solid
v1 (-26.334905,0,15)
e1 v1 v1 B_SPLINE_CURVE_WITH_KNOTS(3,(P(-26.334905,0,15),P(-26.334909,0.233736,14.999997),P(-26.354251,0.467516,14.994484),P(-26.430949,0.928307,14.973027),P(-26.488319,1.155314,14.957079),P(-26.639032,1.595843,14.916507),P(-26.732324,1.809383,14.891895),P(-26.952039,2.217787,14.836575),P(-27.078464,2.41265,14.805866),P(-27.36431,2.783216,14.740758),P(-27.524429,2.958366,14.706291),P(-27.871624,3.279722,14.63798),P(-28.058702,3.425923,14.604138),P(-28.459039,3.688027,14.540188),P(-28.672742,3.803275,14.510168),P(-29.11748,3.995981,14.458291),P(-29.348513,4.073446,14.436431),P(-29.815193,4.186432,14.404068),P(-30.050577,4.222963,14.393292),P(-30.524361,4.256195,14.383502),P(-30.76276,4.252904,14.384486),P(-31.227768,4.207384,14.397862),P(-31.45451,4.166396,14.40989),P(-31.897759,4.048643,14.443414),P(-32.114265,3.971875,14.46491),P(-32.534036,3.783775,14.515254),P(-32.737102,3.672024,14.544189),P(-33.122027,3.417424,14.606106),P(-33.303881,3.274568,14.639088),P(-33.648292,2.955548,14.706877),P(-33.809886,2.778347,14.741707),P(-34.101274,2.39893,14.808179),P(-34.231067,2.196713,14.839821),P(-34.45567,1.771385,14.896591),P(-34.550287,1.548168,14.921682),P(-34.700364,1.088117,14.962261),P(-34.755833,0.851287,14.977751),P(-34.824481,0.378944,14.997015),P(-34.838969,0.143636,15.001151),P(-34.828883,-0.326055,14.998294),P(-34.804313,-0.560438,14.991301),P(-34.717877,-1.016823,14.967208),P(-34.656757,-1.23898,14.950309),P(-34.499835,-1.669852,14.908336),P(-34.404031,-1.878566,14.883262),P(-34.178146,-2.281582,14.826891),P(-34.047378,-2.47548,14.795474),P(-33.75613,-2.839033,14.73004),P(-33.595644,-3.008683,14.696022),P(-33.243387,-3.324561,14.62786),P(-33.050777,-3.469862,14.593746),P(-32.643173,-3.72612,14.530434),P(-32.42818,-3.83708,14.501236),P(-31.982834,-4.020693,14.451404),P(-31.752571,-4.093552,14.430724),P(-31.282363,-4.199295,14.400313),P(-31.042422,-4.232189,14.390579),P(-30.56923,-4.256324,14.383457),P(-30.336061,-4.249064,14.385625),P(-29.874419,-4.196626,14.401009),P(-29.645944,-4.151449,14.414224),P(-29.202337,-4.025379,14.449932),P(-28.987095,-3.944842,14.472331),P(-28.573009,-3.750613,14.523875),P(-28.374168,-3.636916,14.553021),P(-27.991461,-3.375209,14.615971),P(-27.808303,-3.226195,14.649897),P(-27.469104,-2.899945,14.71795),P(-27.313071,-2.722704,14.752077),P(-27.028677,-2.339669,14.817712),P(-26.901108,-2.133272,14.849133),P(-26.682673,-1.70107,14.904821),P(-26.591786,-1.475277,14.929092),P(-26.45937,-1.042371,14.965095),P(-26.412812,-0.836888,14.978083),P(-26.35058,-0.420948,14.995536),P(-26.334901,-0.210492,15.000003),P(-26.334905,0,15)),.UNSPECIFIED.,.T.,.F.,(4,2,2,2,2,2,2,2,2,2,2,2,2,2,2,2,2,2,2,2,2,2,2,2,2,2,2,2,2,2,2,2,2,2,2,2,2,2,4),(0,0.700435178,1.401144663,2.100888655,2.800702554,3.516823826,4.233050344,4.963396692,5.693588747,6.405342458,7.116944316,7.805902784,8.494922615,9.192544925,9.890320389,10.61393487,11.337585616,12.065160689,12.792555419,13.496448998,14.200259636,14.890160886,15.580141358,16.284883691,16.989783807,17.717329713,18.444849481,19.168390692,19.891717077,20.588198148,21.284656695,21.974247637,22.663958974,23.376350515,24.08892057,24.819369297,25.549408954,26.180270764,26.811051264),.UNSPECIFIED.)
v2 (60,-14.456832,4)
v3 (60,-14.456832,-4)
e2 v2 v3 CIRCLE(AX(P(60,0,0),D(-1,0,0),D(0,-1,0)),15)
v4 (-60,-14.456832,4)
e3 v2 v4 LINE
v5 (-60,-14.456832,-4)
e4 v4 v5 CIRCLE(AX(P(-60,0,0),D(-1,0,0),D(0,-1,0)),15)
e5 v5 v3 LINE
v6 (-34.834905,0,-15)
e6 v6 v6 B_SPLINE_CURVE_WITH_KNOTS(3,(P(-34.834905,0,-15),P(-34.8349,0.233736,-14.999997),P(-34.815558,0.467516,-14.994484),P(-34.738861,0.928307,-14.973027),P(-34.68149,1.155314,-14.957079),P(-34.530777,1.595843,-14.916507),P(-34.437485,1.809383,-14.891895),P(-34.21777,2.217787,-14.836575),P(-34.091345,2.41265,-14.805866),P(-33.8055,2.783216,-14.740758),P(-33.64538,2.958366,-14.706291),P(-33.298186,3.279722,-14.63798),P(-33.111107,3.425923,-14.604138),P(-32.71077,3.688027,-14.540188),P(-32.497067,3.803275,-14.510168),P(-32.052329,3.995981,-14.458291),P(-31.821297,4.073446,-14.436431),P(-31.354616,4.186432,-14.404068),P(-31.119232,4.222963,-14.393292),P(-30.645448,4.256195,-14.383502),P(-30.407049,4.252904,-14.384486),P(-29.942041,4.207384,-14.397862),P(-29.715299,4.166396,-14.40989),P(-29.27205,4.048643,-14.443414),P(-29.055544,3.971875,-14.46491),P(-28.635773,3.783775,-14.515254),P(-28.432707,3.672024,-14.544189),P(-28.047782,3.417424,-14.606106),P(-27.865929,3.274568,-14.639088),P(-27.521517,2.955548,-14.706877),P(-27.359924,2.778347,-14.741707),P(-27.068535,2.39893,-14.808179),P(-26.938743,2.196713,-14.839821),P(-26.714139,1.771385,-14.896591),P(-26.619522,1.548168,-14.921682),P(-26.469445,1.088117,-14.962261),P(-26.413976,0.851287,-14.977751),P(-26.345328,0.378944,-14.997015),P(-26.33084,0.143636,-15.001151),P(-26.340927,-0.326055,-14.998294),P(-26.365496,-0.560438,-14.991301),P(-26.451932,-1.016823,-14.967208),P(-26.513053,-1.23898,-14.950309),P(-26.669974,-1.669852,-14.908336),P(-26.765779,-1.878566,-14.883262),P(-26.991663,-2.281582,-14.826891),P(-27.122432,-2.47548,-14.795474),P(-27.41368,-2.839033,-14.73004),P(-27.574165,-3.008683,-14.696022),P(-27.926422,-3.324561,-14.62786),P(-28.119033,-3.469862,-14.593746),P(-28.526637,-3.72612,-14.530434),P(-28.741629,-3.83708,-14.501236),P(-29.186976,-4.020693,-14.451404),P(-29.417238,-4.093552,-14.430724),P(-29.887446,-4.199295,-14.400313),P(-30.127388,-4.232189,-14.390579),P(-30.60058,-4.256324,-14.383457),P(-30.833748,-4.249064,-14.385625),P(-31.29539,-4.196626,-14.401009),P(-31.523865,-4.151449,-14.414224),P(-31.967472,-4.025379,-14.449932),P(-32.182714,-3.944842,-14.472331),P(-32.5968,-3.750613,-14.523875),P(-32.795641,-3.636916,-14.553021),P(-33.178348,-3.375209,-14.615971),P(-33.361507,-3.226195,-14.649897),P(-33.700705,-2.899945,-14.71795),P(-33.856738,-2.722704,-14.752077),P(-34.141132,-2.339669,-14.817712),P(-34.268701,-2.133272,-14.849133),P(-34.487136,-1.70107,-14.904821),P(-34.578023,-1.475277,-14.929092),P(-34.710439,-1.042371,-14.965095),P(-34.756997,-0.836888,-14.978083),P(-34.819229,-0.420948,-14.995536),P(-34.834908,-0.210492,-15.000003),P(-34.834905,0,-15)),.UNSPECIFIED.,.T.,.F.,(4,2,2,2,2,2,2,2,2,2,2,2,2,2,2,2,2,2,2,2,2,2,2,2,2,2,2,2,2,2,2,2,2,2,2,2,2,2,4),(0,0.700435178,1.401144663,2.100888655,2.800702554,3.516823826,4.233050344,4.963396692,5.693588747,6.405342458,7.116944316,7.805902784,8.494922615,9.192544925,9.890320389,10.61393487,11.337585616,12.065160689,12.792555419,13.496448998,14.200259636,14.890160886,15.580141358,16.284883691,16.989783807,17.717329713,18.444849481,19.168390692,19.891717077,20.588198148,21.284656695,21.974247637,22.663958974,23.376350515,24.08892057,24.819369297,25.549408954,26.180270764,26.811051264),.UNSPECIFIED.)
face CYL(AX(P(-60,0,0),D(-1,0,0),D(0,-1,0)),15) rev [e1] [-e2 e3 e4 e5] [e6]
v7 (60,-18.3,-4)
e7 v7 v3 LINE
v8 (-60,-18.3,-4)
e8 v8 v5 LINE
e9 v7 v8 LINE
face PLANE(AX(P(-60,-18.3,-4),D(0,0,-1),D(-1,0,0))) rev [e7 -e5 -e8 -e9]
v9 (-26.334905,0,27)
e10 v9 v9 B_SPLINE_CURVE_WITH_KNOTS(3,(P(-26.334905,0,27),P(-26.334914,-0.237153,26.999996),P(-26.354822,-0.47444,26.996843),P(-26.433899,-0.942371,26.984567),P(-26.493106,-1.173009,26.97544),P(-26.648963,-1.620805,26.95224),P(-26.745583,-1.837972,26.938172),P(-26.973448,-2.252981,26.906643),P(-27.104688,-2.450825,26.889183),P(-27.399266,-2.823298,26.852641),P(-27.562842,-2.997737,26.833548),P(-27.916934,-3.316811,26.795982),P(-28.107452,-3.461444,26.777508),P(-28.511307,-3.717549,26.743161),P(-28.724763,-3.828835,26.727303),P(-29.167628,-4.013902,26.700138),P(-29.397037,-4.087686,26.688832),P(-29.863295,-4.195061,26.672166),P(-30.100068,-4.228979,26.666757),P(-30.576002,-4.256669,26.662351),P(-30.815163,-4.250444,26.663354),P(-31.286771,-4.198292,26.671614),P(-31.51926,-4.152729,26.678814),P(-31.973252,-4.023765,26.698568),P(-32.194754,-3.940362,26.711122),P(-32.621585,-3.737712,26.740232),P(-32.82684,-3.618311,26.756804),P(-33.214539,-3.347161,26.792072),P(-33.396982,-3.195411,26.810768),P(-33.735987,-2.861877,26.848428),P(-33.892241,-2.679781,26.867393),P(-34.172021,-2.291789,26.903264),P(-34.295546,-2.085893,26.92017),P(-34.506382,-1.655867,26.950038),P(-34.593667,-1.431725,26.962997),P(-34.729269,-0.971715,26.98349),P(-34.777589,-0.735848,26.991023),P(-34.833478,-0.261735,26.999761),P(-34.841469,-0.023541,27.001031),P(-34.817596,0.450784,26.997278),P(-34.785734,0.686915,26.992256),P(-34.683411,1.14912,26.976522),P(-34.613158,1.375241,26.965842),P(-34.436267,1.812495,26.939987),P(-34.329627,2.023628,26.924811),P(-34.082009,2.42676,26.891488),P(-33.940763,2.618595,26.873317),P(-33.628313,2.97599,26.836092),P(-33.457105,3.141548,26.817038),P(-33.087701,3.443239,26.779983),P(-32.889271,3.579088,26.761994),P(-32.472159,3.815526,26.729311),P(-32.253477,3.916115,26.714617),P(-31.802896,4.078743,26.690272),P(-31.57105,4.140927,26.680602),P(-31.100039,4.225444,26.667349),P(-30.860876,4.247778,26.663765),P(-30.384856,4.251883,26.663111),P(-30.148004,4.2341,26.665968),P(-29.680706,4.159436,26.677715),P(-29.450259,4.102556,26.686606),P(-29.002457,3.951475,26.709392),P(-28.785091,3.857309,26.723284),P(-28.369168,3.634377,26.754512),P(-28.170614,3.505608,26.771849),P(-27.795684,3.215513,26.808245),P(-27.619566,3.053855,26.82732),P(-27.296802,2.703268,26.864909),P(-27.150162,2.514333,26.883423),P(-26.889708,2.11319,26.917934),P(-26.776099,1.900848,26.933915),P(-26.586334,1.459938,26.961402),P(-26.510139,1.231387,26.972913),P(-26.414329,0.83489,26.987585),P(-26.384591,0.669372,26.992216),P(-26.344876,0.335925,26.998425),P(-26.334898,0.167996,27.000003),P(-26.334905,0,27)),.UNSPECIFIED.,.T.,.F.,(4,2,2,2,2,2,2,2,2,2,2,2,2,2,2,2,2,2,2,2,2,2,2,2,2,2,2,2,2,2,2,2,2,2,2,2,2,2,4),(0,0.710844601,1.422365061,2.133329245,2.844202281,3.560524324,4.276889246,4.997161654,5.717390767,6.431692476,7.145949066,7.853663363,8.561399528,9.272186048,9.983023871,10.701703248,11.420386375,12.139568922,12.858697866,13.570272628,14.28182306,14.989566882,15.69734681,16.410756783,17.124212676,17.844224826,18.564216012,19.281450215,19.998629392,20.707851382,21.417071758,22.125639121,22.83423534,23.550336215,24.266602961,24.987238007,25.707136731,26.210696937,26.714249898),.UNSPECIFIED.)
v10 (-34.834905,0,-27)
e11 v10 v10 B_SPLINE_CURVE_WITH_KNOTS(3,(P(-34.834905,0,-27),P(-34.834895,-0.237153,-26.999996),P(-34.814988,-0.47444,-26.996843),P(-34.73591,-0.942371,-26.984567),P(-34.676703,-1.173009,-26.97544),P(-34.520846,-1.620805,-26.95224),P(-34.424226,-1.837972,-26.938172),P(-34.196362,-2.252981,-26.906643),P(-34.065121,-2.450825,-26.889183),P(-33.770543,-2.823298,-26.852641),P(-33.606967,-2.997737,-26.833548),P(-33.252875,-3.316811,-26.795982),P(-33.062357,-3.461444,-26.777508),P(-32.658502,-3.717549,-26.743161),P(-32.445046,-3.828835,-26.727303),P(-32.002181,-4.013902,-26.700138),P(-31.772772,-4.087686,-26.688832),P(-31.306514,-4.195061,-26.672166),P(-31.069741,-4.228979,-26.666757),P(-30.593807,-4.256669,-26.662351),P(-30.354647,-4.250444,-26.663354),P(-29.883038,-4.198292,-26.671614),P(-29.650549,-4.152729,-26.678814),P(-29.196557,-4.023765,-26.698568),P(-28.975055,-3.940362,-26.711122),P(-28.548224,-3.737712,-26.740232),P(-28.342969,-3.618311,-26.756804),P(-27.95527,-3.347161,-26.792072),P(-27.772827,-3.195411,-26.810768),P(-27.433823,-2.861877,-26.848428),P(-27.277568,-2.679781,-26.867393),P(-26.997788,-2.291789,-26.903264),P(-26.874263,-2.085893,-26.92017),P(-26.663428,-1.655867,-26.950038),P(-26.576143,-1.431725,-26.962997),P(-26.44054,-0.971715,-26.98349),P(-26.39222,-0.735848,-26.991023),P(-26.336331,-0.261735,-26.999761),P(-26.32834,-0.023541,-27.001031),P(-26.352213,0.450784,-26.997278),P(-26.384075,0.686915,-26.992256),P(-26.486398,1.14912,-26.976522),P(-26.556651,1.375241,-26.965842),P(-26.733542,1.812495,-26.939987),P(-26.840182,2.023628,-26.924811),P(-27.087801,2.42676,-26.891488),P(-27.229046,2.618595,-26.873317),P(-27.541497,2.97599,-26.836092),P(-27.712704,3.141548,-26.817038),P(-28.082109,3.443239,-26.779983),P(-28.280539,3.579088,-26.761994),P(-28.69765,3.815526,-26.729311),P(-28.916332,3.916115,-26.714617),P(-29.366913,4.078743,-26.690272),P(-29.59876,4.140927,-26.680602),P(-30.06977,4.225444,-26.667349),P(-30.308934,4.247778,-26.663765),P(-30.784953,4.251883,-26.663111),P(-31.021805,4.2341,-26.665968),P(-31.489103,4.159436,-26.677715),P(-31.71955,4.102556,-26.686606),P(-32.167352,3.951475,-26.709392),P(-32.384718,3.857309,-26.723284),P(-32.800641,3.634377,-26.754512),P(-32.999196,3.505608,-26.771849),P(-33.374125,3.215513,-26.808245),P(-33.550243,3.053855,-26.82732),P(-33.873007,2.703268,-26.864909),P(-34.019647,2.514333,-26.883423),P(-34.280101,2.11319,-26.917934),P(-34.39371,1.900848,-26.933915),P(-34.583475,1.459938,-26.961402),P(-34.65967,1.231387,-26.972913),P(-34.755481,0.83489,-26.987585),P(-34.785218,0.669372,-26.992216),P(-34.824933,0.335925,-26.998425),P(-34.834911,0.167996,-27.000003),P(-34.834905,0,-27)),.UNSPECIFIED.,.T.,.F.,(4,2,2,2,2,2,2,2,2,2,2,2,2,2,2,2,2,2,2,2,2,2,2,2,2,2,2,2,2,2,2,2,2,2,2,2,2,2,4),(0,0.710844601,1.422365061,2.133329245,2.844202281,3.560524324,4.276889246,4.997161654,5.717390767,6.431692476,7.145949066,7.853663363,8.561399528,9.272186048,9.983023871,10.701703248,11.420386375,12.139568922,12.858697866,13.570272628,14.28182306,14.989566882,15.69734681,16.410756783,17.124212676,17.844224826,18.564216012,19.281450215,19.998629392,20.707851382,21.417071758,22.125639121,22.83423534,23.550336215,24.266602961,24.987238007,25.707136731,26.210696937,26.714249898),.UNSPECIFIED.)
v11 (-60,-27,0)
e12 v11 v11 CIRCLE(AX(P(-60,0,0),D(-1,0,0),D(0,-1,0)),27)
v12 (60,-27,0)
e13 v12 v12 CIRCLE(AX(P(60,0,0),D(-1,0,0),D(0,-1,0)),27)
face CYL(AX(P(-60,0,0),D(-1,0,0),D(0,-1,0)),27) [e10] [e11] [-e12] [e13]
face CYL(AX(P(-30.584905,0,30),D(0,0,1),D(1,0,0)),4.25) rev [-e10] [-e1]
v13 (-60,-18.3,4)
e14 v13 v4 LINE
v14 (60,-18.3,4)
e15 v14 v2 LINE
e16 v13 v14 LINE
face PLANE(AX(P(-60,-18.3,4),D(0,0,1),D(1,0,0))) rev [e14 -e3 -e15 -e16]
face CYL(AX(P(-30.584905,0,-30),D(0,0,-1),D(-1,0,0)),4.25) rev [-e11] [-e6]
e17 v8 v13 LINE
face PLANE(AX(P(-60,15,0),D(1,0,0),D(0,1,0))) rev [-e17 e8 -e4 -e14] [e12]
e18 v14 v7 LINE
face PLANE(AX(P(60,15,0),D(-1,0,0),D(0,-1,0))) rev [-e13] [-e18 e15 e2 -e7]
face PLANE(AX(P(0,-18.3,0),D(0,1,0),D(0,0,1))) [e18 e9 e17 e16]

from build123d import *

# Parameters (mm, degrees)
IZIM1_W               = 120
IZIM1_H               = 12
IZIM2_W               = 120
IZIM2_H               = 8
KES_EKSTR_ZYON1_DEPTH = 18.3


with BuildPart() as part:
    # Çizim1 → Döndür1 (revolve)
    with BuildSketch(Plane.XY, mode=Mode.PRIVATE) as d_nd_r1_sk:
        with Locations((0, 21)):
            Rectangle(IZIM1_W, IZIM1_H)
    revolve(d_nd_r1_sk.sketch.rotate(Axis((-60, 0, 0), (1, 0, 0)), 180), axis=Axis((-60, 0, 0), (1, 0, 0)))

    # Çizim2 → Kes-Ekstrüzyon1 (cut)
    with BuildSketch(Plane(origin=(0, 0, 0), x_dir=(1, 0, 0), z_dir=(0, 1, 0))):
        Rectangle(IZIM2_W, IZIM2_H)
    extrude(amount=-KES_EKSTR_ZYON1_DEPTH, mode=Mode.SUBTRACT)

    # Çizim7 → M10 Dişli Delik4 (revolve, cut)
    with BuildSketch(Plane(origin=(-30.584904592, 0, -30), x_dir=(0, 1, 0), z_dir=(1, 0, 0))):
        Polygon((0, 0), (0, 37.113657631), (4.25, 34.56), (4.25, 0.775), (5.025, 0), align=None)
    m10_di_li_delik4 = revolve(axis=Axis((-30.584904592, 0, -36.35), (0, 0, 1)), mode=Mode.SUBTRACT)

    # Aynalama1: M10 Dişli Delik4 across plane
    add(m10_di_li_delik4.mirror(Plane.XY), mode=Mode.SUBTRACT)


solid = part.part
